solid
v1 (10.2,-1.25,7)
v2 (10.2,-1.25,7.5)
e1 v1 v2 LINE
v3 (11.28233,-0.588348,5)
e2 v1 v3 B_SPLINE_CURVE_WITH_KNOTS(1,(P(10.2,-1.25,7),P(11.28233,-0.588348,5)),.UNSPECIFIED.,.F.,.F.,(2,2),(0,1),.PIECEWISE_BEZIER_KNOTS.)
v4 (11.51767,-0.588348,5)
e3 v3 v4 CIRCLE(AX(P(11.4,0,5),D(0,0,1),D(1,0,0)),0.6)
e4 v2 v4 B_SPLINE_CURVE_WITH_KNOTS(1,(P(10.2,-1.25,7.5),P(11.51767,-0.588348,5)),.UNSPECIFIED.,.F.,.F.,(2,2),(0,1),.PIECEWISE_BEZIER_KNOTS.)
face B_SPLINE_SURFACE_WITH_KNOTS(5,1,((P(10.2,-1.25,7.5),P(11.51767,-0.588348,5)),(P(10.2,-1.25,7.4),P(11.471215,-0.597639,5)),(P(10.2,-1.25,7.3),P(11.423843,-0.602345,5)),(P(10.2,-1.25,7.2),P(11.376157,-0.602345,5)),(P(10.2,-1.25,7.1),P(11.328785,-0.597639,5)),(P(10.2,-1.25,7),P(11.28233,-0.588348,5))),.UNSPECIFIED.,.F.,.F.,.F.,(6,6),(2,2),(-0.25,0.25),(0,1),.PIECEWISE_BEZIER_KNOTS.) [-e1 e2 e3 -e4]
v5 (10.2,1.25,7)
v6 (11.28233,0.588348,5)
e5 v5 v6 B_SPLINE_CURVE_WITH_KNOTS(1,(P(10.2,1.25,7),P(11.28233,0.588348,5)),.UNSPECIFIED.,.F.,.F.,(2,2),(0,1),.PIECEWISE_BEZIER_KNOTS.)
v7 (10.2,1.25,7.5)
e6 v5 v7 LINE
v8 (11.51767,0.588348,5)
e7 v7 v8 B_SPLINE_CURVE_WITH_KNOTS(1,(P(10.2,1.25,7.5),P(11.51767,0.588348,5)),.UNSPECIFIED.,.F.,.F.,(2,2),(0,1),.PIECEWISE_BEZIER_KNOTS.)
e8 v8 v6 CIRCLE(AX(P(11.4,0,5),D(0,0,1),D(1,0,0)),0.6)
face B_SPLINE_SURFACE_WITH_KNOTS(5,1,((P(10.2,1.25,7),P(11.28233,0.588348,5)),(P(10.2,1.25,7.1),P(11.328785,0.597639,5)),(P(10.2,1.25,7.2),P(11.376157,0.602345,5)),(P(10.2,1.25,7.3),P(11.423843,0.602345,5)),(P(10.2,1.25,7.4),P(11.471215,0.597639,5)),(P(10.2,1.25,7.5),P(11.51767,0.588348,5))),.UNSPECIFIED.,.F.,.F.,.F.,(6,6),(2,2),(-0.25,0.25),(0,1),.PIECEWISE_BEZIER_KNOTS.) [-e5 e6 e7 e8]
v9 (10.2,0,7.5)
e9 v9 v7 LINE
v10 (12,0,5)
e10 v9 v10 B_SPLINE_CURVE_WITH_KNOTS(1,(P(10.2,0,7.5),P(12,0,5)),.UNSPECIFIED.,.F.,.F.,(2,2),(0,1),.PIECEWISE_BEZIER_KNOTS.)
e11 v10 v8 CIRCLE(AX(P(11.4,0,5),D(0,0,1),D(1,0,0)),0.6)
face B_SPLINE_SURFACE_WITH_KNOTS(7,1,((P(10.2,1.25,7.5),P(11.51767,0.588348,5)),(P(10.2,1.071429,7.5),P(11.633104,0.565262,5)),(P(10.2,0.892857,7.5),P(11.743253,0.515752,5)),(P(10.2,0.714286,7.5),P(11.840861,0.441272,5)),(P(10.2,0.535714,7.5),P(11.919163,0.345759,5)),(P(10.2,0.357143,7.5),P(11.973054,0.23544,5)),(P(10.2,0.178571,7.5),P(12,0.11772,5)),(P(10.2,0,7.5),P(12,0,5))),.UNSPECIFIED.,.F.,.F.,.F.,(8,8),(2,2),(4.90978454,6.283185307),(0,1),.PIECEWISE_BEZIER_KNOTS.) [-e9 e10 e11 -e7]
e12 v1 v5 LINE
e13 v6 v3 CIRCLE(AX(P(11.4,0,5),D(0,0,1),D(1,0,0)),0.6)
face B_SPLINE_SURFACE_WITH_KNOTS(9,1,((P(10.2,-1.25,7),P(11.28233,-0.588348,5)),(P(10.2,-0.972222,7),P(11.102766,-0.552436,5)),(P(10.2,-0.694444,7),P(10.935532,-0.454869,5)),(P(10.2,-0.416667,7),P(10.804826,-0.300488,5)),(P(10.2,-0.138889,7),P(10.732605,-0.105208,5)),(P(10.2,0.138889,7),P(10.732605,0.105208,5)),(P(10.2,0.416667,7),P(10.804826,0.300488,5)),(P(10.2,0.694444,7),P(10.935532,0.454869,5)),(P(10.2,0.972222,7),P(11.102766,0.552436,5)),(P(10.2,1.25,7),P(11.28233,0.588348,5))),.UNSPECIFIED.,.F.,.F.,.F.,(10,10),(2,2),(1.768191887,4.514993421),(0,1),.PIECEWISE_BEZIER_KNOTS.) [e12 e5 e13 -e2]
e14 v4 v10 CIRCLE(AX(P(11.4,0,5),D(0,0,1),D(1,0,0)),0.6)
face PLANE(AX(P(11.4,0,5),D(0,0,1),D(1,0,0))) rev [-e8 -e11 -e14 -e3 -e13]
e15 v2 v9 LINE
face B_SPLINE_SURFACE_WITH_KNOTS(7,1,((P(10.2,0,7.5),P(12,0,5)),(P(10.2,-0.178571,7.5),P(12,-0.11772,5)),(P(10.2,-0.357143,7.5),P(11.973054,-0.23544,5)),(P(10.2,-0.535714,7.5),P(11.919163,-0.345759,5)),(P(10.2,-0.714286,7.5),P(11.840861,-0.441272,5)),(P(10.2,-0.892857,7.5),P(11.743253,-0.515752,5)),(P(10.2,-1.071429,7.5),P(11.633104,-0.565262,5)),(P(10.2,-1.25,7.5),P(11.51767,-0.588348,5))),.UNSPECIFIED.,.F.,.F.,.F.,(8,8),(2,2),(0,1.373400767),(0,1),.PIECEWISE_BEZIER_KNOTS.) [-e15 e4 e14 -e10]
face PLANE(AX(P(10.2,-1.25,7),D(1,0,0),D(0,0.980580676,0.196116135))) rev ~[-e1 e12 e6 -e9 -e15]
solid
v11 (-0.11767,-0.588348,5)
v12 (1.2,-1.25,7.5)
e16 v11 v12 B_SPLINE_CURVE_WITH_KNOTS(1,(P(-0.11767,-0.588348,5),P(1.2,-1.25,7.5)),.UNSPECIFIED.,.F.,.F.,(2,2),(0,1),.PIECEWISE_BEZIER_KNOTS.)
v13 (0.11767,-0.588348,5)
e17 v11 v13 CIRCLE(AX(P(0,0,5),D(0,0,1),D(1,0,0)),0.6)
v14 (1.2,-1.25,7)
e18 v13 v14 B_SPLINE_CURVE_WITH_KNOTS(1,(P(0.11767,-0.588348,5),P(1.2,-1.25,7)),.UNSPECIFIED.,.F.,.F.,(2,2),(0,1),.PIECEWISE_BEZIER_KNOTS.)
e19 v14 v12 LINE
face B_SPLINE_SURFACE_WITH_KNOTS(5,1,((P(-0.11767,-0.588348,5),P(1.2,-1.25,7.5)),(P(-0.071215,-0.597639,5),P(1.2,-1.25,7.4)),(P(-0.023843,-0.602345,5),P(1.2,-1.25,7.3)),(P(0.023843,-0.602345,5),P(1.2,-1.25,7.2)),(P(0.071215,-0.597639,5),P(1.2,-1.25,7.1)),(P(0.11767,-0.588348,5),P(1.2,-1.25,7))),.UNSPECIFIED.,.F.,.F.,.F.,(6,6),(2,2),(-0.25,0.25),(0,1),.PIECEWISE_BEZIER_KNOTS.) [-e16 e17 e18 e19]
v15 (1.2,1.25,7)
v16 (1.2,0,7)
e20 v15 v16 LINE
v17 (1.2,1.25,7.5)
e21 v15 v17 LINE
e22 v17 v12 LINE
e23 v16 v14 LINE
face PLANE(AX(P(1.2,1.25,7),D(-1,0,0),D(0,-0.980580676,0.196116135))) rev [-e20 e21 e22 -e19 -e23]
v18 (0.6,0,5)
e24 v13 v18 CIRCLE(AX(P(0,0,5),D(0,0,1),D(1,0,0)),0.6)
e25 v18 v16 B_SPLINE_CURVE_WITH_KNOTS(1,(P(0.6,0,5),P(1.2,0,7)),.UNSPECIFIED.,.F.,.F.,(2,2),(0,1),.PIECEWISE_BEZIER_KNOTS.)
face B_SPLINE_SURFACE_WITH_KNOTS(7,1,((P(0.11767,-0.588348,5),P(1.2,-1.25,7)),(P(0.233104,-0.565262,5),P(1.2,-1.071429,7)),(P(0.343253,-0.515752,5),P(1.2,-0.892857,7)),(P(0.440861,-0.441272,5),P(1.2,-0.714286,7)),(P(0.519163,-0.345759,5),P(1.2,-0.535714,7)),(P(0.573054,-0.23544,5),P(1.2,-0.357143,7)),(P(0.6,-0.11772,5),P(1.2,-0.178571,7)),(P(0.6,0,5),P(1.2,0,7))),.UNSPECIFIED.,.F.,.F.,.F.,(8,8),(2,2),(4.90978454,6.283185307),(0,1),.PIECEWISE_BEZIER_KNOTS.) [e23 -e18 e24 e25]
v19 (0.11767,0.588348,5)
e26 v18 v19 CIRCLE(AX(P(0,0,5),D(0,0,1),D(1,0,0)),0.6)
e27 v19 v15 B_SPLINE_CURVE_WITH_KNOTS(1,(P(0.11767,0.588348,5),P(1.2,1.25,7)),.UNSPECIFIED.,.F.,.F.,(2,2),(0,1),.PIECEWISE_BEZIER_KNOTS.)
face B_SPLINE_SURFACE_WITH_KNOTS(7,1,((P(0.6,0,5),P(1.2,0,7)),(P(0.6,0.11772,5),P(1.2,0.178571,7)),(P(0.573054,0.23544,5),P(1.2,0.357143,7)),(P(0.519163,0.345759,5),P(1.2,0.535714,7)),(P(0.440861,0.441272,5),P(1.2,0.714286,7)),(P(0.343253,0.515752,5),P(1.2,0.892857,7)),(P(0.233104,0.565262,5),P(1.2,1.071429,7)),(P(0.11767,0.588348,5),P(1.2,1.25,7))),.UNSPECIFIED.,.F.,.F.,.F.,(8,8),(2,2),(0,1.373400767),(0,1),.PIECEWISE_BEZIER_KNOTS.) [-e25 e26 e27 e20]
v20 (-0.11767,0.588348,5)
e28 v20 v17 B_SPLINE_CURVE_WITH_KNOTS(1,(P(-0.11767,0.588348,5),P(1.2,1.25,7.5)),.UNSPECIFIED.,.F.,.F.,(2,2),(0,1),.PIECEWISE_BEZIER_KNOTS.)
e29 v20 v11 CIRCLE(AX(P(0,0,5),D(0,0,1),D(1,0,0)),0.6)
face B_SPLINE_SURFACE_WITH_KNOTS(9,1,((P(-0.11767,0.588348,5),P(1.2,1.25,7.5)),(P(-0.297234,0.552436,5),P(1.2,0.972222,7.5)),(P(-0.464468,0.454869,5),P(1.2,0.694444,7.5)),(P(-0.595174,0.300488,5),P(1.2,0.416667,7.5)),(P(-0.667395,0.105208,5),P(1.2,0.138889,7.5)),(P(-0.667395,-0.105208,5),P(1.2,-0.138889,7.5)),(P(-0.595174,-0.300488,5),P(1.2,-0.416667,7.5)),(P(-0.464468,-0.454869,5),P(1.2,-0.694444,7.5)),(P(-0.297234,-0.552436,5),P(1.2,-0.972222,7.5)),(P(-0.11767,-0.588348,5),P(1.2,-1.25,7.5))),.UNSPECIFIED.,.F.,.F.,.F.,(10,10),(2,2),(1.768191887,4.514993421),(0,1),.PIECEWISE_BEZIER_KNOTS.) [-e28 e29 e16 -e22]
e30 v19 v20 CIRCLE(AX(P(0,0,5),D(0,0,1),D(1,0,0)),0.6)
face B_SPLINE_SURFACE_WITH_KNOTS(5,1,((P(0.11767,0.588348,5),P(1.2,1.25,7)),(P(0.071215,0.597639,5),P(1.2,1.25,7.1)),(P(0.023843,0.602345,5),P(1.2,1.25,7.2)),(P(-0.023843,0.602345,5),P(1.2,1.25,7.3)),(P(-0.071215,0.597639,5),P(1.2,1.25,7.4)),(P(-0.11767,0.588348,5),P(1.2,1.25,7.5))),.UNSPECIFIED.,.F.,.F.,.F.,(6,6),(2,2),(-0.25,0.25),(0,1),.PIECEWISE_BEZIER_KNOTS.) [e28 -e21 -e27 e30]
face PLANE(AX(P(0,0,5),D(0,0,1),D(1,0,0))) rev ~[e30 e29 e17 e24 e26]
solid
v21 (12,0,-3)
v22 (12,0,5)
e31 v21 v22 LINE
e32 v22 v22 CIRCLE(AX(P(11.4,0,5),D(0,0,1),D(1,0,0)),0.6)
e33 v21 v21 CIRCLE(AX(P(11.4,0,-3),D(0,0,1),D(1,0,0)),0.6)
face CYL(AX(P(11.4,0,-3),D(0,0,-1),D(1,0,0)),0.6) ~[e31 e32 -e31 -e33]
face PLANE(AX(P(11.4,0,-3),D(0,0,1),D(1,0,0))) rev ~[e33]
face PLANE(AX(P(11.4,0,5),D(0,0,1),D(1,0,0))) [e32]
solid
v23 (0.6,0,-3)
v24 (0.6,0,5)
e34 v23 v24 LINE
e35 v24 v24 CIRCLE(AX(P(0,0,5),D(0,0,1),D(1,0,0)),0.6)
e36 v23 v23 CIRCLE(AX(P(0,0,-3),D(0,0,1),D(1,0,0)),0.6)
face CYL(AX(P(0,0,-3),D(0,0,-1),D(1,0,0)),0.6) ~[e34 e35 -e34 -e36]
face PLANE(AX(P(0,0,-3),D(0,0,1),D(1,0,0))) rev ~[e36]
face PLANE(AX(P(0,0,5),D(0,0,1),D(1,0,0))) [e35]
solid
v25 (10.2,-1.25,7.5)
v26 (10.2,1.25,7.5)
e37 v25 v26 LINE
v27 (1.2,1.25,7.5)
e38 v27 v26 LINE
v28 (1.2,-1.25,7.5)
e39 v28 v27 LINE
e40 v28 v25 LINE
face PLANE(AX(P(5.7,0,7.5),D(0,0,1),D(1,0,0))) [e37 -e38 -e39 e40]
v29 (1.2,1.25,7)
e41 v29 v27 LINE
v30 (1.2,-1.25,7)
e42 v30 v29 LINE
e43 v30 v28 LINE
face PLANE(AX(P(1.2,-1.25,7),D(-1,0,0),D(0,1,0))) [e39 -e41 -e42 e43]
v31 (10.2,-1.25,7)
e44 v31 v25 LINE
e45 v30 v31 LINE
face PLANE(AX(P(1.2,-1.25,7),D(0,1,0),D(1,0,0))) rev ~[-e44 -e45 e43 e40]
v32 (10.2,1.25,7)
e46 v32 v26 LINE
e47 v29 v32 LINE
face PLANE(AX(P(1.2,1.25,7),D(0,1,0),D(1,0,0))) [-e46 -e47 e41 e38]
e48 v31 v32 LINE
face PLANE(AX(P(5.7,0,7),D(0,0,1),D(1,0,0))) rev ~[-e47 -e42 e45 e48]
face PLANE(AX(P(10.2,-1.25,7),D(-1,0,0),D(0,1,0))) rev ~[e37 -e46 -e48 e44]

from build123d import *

# Parameters (mm, degrees)
SKETCH_R     = 0.6
PAD_DEPTH    = 8
SKETCH001_W  = 9
SKETCH001_H  = 2.5
PAD001_DEPTH = 0.5
SKETCH002_W  = 2.5
SKETCH002_H  = 0.5
SKETCH003_R  = 0.6
SKETCH004_R  = 0.6
SKETCH005_W  = 2.5
SKETCH005_H  = 0.5


with BuildPart() as pad:
    # Sketch → Pad (new body)
    with BuildSketch(Plane.XY.offset(-3)):
        Circle(SKETCH_R)
        with Locations((11.4, 0)):
            Circle(SKETCH_R)
    extrude(amount=PAD_DEPTH)


with BuildPart() as pad001:
    # Sketch001 → Pad001 (new body)
    with BuildSketch(Plane.XY.offset(7)):
        with Locations((5.7, 0)):
            Rectangle(SKETCH001_W, SKETCH001_H)
    extrude(amount=PAD001_DEPTH)


with BuildPart() as loft_body:
    # Sketch002 → Loft section 0
    with BuildSketch(Plane(origin=(10.2, 0, 7), x_dir=(0, 1, 0), z_dir=(1, 0, 0))):
        with Locations((0, 0.25)):
            Rectangle(SKETCH002_W, SKETCH002_H)
    # Sketch003 → Loft section 1
    with BuildSketch(Plane.XY.offset(5)):
        with Locations((11.4, 0)):
            Circle(SKETCH003_R)
    loft()


with BuildPart() as loft001:
    # Sketch004 → Loft001 section 0
    with BuildSketch(Plane.XY.offset(5)):
        Circle(SKETCH004_R)
    # Sketch005 → Loft001 section 1
    with BuildSketch(Plane(origin=(1.2, 0, 7), x_dir=(0, -1, 0), z_dir=(-1, 0, 0))):
        with Locations((0, 0.25)):
            Rectangle(SKETCH005_W, SKETCH005_H)
    loft()


solid = Compound([pad.part, pad001.part, loft_body.part, loft001.part])
